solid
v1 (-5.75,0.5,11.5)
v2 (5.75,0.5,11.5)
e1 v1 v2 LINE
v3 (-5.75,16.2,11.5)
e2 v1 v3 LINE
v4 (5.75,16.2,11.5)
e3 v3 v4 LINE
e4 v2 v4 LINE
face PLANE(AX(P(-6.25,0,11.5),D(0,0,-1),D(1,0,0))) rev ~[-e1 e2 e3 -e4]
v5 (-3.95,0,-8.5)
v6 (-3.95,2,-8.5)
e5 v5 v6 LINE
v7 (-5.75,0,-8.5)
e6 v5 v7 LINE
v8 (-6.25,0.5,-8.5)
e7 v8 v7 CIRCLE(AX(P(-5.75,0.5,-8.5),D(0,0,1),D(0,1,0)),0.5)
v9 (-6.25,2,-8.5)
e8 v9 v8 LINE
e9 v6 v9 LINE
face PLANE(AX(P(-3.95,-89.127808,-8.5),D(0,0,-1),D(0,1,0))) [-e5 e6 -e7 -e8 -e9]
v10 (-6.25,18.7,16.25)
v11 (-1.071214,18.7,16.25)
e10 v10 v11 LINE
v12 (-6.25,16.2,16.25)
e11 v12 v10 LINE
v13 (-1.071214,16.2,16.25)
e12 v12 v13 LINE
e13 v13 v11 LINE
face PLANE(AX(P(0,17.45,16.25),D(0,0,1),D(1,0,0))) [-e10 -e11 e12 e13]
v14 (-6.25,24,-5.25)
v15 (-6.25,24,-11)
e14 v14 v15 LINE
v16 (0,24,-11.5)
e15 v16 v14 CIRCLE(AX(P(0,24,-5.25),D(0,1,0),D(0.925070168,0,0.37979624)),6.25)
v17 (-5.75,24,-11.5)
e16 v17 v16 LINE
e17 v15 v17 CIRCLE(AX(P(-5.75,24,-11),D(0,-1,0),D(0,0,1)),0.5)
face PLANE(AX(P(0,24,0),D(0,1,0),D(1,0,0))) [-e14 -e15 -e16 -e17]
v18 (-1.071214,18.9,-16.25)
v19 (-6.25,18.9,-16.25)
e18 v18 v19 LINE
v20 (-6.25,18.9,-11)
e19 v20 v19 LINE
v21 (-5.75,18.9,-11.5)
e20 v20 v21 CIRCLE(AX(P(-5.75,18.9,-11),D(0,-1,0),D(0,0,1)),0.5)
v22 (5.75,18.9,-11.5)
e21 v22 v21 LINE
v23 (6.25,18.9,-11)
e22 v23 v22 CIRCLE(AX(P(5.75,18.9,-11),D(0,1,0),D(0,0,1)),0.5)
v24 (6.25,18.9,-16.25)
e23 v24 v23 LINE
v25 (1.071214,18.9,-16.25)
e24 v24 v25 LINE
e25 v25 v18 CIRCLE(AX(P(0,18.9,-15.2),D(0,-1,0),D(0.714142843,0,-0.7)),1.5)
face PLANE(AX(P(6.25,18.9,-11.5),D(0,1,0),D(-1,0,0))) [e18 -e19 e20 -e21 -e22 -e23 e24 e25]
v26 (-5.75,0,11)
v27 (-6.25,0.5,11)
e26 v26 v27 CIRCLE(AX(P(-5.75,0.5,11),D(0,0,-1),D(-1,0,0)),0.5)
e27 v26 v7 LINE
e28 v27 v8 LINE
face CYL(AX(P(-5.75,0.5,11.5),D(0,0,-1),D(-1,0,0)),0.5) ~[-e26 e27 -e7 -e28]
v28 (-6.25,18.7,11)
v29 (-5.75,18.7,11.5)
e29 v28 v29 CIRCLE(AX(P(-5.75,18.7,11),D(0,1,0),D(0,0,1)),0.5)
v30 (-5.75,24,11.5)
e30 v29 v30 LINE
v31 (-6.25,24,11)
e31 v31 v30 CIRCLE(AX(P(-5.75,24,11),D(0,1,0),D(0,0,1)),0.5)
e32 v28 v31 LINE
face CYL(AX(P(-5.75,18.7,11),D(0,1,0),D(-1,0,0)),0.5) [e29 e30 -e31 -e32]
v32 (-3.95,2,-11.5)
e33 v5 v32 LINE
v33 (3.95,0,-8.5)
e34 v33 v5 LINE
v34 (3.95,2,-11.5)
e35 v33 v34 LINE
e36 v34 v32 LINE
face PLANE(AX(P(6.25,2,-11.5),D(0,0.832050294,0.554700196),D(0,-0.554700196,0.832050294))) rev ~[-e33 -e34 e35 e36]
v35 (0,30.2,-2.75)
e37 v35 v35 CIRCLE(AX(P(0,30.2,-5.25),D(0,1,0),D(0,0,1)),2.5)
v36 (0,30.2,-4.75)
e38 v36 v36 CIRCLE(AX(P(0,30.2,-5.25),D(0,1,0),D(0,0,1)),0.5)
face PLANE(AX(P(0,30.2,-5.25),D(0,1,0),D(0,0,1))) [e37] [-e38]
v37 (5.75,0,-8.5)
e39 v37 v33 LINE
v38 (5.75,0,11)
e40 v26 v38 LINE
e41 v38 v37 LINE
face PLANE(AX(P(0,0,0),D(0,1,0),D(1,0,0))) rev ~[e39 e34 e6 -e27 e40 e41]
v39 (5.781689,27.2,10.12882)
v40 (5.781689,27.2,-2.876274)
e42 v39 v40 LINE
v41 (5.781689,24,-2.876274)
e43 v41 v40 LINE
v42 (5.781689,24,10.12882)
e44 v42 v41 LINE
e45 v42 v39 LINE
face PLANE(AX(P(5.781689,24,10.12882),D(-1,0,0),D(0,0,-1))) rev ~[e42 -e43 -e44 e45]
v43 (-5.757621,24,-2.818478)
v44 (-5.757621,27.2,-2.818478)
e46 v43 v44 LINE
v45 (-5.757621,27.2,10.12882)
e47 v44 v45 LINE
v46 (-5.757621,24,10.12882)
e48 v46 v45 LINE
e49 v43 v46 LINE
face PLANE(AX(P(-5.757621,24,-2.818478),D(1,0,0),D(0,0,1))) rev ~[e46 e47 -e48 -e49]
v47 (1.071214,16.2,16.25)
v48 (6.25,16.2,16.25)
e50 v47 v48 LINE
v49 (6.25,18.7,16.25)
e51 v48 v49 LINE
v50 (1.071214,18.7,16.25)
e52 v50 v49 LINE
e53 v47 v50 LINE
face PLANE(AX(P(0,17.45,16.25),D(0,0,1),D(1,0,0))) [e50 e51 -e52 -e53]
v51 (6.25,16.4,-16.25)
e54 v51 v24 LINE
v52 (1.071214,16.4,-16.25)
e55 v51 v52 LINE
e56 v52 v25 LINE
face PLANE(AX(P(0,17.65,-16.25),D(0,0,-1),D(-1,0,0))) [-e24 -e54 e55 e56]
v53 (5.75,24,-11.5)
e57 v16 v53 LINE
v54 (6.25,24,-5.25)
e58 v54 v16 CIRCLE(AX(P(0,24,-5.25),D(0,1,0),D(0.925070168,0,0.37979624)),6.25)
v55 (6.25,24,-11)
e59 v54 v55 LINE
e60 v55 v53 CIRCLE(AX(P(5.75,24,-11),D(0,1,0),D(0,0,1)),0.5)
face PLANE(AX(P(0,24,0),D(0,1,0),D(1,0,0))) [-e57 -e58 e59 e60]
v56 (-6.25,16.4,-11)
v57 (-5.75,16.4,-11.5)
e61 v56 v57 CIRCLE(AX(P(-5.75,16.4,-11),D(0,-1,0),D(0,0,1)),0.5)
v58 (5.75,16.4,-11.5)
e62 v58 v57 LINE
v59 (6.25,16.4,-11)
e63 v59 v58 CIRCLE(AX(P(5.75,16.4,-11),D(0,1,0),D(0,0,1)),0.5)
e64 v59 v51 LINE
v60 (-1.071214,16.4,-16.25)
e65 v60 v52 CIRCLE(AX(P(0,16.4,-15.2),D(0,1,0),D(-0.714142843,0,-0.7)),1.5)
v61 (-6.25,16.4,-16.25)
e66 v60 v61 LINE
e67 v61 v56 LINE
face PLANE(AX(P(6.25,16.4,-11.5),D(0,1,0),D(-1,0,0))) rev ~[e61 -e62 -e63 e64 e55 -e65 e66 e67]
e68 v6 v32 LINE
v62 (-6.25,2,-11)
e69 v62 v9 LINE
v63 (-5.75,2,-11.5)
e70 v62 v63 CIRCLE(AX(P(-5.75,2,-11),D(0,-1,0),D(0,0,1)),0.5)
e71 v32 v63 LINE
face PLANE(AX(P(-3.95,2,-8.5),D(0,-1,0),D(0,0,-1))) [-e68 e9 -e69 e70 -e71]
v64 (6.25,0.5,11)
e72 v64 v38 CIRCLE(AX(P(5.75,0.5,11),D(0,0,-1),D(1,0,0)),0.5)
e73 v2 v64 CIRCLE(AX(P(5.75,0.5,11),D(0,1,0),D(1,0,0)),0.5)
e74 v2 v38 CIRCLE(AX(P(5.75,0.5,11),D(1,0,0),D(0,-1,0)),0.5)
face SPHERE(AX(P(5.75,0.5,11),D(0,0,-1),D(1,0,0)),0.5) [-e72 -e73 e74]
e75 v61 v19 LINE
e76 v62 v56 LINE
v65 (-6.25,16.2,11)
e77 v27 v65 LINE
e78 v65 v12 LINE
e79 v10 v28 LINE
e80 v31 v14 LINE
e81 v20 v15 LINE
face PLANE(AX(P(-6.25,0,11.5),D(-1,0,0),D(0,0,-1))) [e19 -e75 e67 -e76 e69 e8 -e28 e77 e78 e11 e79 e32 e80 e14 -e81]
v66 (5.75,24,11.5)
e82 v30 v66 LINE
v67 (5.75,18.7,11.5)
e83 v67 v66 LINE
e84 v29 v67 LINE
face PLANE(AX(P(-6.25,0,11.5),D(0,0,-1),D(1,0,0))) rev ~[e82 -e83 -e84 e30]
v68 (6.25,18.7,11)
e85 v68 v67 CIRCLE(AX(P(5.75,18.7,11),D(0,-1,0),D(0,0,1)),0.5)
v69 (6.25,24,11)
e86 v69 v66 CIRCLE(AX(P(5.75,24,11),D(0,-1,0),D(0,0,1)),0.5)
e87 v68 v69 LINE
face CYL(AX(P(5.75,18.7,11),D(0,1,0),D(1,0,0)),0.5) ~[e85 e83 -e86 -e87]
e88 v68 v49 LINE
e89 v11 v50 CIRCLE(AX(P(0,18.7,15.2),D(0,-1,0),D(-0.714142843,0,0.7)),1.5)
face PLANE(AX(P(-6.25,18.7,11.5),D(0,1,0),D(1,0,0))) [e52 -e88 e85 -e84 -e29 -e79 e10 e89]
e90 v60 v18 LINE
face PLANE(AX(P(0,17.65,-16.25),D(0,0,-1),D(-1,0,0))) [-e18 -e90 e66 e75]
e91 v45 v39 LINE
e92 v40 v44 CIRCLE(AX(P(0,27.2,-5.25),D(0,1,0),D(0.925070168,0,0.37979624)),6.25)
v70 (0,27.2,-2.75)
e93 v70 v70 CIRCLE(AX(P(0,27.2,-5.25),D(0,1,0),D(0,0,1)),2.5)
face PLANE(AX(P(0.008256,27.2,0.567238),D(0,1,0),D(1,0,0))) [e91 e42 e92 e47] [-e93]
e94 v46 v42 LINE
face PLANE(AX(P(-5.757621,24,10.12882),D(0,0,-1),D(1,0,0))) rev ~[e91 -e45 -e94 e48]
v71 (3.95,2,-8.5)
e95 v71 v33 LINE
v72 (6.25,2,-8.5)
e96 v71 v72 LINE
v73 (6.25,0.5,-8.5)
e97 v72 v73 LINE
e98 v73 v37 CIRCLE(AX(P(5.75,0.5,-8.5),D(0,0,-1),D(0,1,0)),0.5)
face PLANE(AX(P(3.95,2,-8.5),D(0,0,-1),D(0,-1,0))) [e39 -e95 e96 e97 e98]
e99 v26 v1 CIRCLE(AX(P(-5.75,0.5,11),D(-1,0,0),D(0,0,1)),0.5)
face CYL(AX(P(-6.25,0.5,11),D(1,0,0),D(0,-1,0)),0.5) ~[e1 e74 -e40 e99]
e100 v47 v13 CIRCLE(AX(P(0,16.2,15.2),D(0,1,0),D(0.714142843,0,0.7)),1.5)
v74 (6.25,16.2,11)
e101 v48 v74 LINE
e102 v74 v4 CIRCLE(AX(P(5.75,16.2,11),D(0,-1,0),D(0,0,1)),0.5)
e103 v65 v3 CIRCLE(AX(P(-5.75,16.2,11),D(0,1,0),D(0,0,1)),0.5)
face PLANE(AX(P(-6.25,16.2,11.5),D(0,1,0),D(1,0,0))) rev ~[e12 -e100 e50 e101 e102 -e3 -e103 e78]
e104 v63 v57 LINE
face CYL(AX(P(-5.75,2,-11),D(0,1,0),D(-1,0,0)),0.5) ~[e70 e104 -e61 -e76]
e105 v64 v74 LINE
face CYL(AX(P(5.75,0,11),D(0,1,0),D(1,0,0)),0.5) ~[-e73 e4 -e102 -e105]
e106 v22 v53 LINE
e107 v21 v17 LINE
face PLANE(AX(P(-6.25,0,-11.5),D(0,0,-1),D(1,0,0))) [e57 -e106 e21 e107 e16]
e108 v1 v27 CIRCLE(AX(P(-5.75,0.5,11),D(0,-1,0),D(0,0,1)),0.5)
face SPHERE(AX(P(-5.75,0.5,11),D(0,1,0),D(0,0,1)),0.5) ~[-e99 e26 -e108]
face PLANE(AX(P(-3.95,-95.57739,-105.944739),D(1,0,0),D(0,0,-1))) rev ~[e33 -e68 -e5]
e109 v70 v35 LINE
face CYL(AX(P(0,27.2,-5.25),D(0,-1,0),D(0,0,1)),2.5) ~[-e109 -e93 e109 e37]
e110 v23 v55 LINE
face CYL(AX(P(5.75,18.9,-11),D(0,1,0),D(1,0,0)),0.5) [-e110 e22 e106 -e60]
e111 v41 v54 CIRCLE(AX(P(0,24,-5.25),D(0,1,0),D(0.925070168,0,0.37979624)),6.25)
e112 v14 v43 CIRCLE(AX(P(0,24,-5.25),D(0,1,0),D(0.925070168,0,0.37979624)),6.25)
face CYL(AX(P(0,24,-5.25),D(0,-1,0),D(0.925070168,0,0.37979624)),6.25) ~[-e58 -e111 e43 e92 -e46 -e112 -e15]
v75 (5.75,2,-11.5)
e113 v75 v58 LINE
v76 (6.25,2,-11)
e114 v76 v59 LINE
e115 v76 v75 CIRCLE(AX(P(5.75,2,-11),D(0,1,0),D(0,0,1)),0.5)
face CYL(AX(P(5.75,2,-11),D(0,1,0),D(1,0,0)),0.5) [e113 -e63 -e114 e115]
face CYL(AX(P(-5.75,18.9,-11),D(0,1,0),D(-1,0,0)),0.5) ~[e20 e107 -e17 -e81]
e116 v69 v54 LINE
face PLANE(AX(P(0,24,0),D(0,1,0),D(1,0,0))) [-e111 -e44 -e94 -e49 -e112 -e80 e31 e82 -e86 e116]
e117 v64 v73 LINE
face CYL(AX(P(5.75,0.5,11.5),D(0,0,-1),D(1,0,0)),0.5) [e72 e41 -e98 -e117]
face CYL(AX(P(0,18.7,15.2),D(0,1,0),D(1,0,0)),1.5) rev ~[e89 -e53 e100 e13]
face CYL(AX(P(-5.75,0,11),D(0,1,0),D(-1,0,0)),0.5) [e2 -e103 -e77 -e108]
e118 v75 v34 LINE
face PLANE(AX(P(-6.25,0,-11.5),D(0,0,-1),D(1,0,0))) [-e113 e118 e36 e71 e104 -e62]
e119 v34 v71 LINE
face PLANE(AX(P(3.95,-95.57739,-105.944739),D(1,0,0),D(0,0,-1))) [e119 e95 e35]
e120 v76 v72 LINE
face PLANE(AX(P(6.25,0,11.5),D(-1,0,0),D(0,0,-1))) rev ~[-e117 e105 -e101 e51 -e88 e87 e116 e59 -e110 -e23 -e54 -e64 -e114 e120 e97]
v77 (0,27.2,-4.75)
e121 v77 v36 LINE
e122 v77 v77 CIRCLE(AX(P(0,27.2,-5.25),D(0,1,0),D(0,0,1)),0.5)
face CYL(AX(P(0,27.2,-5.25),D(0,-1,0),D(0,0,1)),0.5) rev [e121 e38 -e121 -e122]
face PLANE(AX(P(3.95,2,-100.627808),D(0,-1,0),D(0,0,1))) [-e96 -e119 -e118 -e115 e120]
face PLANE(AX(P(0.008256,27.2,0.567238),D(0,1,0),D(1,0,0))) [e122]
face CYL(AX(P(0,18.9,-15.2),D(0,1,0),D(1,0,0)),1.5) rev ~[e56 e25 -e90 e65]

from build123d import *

# Parameters (mm, degrees)
SKETCH1_W               = 12.5
SKETCH1_H               = 23
BOSS_EXTRUDE1_DEPTH     = 24
BOSS_EXTRUDE2_DEPTH     = 3.2
SKETCH3_R               = 2.5
SKETCH3_R_2             = 0.5
BOSS_EXTRUDE3_DEPTH     = 3
SKETCH4_W               = 12.5
SKETCH4_H               = 2.5
BOSS_EXTRUDE4_DEPTH     = 4.75
SKETCH5_W               = 12.5
SKETCH5_H               = 2.5
BOSS_EXTRUDE5_DEPTH     = 4.75
CUT_EXTRUDE1_REACH      = 27.55
SKETCH6_R               = 1.5
CUT_EXTRUDE2_REACH      = 27.697
SKETCH8_R               = 1.5
CUT_EXTRUDE4_DEPTH      = 37.501404083
CUT_EXTRUDE6_DEPTH      = 37.501404083
CUT_EXTRUDE6_DEPTH_BACK = 2.3
CUT_EXTRUDE7_DEPTH      = 37.501404083
CUT_EXTRUDE7_DEPTH_BACK = 2.3
FILLET1_R               = 0.5


with BuildPart() as part:
    # Sketch1 → Boss-Extrude1 (new body)
    with BuildSketch(Plane(origin=(0, 0, 0), x_dir=(1, 0, 0), z_dir=(0, 1, 0))):
        Rectangle(SKETCH1_W, SKETCH1_H)
    extrude(amount=BOSS_EXTRUDE1_DEPTH)

    # Sketch2 → Boss-Extrude2 (add)
    with BuildSketch(Plane(origin=(0, 24, 0), x_dir=(1, 0, 0), z_dir=(0, 1, 0))):
        with BuildLine():
            Line((-5.757621024, 2.818477812), (-5.757621024, -10.12881992))
            Line((-5.757621024, -10.12881992), (5.781688552, -10.12881992))
            Line((5.781688552, -10.12881992), (5.781688552, 2.876273501))
            ThreePointArc((5.781688552, 2.876273501), (-0.031303305, 11.499921608), (-5.757621024, 2.818477812))
        make_face()
    extrude(amount=BOSS_EXTRUDE2_DEPTH)

    # Sketch3 → Boss-Extrude3 (add)
    with BuildSketch(Plane(origin=(0, 27.2, 0), x_dir=(1, 0, 0), z_dir=(0, 1, 0))):
        with Locations(Location((0, 5.25, 0), (0, 0, 270))):
            Circle(SKETCH3_R)
        with Locations(Location((0, 5.25, 0), (0, 0, 270))):
            Circle(SKETCH3_R_2, mode=Mode.SUBTRACT)
    extrude(amount=BOSS_EXTRUDE3_DEPTH)

    # Sketch4 → Boss-Extrude4 (add)
    with BuildSketch(Plane(origin=(0, 0, -11.5), x_dir=(-1, 0, 0), z_dir=(0, 0, -1))):
        with Locations((0, 17.65)):
            Rectangle(SKETCH4_W, SKETCH4_H)
    extrude(amount=BOSS_EXTRUDE4_DEPTH)

    # Sketch5 → Boss-Extrude5 (add)
    with BuildSketch(Plane.XY.offset(11.5)):
        with Locations((0, 17.45)):
            Rectangle(SKETCH5_W, SKETCH5_H)
    extrude(amount=BOSS_EXTRUDE5_DEPTH)

    # Sketch6 → Cut-Extrude1 (cut, up to next)
    with BuildSketch(Plane(origin=(0, 18.7, 0), x_dir=(1, 0, 0), z_dir=(0, 1, 0)), mode=Mode.PRIVATE) as cut_extrude1_sk1:
        with Locations((0, -15.2)):
            Circle(SKETCH6_R)
    cut_extrude1_tool1 = extrude(cut_extrude1_sk1.sketch, amount=-CUT_EXTRUDE1_REACH, mode=Mode.PRIVATE) & part.part
    add(cut_extrude1_tool1.solids().sort_by_distance((0, 18.7, 15.2))[0], mode=Mode.SUBTRACT)

    # Sketch8 → Cut-Extrude2 (cut, up to next)
    with BuildSketch(Plane(origin=(0, 18.9, 0), x_dir=(1, 0, 0), z_dir=(0, 1, 0)), mode=Mode.PRIVATE) as cut_extrude2_sk1:
        with Locations((0, 15.2)):
            Circle(SKETCH8_R)
    cut_extrude2_tool1 = extrude(cut_extrude2_sk1.sketch, amount=-CUT_EXTRUDE2_REACH, mode=Mode.PRIVATE) & part.part
    add(cut_extrude2_tool1.solids().sort_by_distance((0, 18.9, -15.2))[0], mode=Mode.SUBTRACT)

    # Sketch9 → Cut-Extrude4 (cut, through all)
    with BuildSketch(Plane(origin=(6.25, 0, 0), x_dir=(0, 0, -1), z_dir=(1, 0, 0))):
        Polygon((11.5, 2), (8.5, 0), (11.5, 0), align=None)
    extrude(amount=-CUT_EXTRUDE4_DEPTH, mode=Mode.SUBTRACT)

    # Sketch10 → Cut-Extrude6 (cut, two sides: drawn at the far end of the back side and taken through both)
    with BuildSketch(Plane(origin=(6.25, 0, 0), x_dir=(0, 0, -1), z_dir=(1, 0, 0)).offset(-CUT_EXTRUDE6_DEPTH_BACK)):
        Polygon((100.627808007, 2), (11.5, 2), (8.5, 2), (8.5, 0), (8.5, -89.127808007), (133.856074627, -215.859489897), (225.983882634, -124.73168189), align=None)
    extrude(amount=CUT_EXTRUDE6_DEPTH + CUT_EXTRUDE6_DEPTH_BACK, mode=Mode.SUBTRACT)

    # Sketch11 → Cut-Extrude7 (cut, two sides: drawn at the far end of the back side and taken through both)
    with BuildSketch(Plane.ZY.offset(6.25).offset(-CUT_EXTRUDE7_DEPTH_BACK)):
        Polygon((-100.627808007, 2), (-11.5, 2), (-8.5, 2), (-8.5, 0), (-8.5, -89.127808007), (-133.856074627, -215.859489897), (-225.983882634, -124.73168189), align=None)
    extrude(amount=CUT_EXTRUDE7_DEPTH + CUT_EXTRUDE7_DEPTH_BACK, mode=Mode.SUBTRACT)

    # Fillet1
    fillet1_edges = [part.edges().sort_by_distance(p)[0] for p in [
        (-6.25, 9.2, -11.5),
        (6.25, 9.2, -11.5),
        (6.25, 0, 1.5),
        (6.25, 8.1, 11.5),
        (-6.25, 8.1, 11.5),
        (0, 0, 11.5),
        (-6.25, 21.45, -11.5),
        (6.25, 21.45, -11.5),
        (6.25, 21.35, 11.5),
        (-6.25, 21.35, 11.5),
        (-6.25, 0, 1.5),
    ]]
    fillet(fillet1_edges, radius=FILLET1_R)


solid = part.part
